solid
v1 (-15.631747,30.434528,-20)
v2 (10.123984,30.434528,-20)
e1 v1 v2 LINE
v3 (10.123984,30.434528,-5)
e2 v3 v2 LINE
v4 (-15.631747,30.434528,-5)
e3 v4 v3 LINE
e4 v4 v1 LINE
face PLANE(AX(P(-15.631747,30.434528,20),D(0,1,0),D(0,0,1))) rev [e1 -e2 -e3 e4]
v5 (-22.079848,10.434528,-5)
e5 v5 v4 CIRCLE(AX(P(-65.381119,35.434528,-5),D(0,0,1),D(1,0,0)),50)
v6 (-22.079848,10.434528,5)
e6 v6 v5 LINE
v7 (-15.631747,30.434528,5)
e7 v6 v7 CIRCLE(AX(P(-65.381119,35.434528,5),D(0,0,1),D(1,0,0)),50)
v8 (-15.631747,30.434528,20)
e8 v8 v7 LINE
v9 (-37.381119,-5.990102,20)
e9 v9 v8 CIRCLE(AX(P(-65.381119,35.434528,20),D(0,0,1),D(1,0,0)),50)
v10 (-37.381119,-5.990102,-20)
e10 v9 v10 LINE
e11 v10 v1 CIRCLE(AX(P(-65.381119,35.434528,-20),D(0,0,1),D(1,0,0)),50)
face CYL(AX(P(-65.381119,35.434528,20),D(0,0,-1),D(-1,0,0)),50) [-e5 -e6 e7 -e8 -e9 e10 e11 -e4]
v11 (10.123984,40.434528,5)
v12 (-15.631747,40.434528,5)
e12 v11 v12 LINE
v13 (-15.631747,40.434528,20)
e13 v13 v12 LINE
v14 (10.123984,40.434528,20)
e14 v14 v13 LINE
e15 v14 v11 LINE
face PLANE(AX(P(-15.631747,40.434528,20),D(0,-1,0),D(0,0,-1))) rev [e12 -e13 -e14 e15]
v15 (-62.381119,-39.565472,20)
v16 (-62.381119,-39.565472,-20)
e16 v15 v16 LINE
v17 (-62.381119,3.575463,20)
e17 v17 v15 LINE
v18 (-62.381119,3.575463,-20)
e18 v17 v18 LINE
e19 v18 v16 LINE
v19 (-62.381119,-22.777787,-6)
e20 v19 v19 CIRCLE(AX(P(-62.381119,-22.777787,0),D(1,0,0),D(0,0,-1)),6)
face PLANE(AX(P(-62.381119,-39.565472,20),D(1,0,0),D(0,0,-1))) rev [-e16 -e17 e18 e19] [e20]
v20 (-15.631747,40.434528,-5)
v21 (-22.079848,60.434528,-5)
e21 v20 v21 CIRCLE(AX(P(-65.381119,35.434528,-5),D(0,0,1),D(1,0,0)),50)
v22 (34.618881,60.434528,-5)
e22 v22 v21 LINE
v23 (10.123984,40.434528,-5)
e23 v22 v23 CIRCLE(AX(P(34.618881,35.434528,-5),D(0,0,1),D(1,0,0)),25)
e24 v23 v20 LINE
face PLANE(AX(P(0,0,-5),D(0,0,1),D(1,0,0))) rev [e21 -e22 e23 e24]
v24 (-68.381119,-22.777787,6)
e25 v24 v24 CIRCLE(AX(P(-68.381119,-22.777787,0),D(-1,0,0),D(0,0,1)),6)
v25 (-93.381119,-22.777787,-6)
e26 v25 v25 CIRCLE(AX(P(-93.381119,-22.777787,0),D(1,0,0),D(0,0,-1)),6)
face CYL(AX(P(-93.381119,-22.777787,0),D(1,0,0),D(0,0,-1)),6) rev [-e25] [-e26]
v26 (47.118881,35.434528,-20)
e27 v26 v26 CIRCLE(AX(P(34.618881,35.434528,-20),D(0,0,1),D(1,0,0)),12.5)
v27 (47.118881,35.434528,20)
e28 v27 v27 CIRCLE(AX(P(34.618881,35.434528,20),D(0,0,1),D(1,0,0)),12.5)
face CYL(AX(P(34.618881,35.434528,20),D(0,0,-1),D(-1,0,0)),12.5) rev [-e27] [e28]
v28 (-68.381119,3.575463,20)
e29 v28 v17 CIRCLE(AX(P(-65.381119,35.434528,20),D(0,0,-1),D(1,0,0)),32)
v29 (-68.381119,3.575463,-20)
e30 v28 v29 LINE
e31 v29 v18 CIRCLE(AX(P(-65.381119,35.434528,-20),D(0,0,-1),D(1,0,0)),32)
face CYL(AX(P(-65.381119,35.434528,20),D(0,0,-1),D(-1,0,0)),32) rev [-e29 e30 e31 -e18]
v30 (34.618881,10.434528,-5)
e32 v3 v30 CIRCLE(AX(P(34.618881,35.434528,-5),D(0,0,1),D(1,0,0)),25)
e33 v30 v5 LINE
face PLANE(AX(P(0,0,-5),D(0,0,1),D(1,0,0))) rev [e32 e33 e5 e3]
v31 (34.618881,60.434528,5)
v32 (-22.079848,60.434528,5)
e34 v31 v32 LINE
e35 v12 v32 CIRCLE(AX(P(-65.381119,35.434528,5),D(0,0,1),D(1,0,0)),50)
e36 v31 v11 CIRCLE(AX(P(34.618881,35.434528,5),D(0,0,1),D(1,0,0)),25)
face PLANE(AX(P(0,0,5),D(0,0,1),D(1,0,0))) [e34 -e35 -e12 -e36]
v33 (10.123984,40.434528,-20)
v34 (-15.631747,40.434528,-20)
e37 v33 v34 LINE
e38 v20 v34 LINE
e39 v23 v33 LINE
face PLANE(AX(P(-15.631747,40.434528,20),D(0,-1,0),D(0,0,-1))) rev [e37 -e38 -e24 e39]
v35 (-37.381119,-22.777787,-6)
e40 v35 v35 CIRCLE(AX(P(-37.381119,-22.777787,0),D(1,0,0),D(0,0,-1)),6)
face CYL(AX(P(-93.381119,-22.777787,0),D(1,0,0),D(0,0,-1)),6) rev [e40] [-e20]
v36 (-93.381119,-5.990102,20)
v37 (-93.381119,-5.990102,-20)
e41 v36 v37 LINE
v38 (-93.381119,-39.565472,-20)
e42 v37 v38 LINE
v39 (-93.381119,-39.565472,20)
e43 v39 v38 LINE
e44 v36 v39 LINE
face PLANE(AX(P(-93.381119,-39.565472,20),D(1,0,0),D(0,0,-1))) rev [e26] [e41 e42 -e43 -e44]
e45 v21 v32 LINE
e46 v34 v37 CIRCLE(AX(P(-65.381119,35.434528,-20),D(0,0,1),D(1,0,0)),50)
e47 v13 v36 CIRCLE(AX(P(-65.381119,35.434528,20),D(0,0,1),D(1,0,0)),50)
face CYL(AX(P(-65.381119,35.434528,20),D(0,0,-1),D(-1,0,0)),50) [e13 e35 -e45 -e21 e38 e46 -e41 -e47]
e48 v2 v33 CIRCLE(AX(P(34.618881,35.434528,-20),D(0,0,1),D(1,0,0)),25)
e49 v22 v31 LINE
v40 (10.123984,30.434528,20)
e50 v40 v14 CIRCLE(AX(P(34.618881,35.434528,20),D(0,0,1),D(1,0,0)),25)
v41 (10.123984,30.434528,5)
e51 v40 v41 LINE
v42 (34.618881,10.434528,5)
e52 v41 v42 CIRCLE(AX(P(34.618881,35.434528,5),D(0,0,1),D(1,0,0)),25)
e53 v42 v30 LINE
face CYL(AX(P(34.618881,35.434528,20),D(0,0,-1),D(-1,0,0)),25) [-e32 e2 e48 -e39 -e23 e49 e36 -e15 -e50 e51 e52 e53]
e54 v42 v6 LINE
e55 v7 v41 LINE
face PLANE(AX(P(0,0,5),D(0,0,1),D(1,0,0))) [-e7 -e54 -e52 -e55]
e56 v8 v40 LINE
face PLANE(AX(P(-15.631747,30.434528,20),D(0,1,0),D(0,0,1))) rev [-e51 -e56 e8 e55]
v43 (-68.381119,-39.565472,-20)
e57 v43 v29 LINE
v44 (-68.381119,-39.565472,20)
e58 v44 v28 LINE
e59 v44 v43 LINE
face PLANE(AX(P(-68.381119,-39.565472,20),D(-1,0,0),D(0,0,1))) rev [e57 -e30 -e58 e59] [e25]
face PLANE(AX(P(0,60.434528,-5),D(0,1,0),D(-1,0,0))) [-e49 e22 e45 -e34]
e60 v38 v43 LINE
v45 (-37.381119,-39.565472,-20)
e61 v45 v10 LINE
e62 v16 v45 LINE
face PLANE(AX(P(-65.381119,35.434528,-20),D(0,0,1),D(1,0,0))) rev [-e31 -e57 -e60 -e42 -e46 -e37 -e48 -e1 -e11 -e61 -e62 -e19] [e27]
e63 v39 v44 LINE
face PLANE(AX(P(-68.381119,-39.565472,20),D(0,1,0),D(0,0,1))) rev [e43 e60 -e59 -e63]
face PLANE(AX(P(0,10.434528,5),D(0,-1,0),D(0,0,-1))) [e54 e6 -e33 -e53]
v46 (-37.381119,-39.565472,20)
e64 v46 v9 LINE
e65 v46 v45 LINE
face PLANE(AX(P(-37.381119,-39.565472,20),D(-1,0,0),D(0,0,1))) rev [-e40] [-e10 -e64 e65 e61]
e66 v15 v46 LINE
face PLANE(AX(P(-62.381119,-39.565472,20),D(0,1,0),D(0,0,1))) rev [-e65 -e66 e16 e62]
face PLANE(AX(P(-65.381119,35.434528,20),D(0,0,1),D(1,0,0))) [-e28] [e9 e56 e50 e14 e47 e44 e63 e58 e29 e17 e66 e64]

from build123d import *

# Parameters (mm, degrees)
SKETCH1_R                = 12.5
BOSS_EXTRUDE1_DEPTH      = 20
SKETCH2_R                = 6
CUT_EXTRUDE2_DEPTH       = 56
BOSS_EXTRUDE2_DEPTH      = 5
BOSS_EXTRUDE2_DEPTH_BACK = 5


with BuildPart() as part:
    # Sketch1 → Boss-Extrude1 (new, symmetric)
    with BuildSketch(Plane.XY):
        with BuildLine():
            Line((-68.381118609, -39.565472128), (-68.381118609, 3.575463228))
            ThreePointArc((-68.381118609, 3.575463228), (-65.381118609, 67.434527872), (-62.381118609, 3.575463228))
            Line((-62.381118609, 3.575463228), (-62.381118609, -39.565472128))
            Line((-62.381118609, -39.565472128), (-37.381118609, -39.565472128))
            Line((-37.381118609, -39.565472128), (-37.381118609, -5.990102483))
            ThreePointArc((-37.381118609, -5.990102483), (-22.451762335, 9.801143977), (-15.631746753, 30.434527872))
            Line((-15.631746753, 30.434527872), (10.123983964, 30.434527872))
            ThreePointArc((10.123983964, 30.434527872), (59.618881391, 35.434527872), (10.123983964, 40.434527872))
            Line((10.123983964, 40.434527872), (-15.631746753, 40.434527872))
            ThreePointArc((-15.631746753, 40.434527872), (-91.014502504, 78.363884146), (-93.381118609, -5.990102483))
            Line((-93.381118609, -5.990102483), (-93.381118609, -39.565472128))
            Line((-93.381118609, -39.565472128), (-68.381118609, -39.565472128))
        make_face()
        with Locations((34.618881391, 35.434527872)):
            Circle(SKETCH1_R, mode=Mode.SUBTRACT)
    extrude(amount=BOSS_EXTRUDE1_DEPTH, both=True)

    # Sketch2 → Cut-Extrude2 (cut)
    with BuildSketch(Plane(origin=(-37.381118609, 0, 0), x_dir=(0, 0, -1), z_dir=(1, 0, 0))):
        with Locations((0, -22.777787305)):
            Circle(SKETCH2_R)
    extrude(amount=-CUT_EXTRUDE2_DEPTH, mode=Mode.SUBTRACT)

    # Sketch7 → Boss-Extrude2 (add, two sides: drawn at the far end of the back side and taken through both)
    with BuildSketch(Plane.XY.offset(-BOSS_EXTRUDE2_DEPTH_BACK)):
        with BuildLine():
            ThreePointArc((10.123983964, 40.434527872), (18.807493091, 54.799444603), (34.618881391, 60.434527872))
            Line((34.618881391, 60.434527872), (-22.079848419, 60.434527872))
            ThreePointArc((-22.079848419, 60.434527872), (-17.793247294, 50.777099487), (-15.631746753, 40.434527872))
            Line((-15.631746753, 40.434527872), (10.123983964, 40.434527872))
        make_face()
        with BuildLine():
            Line((-22.079848419, 10.434527872), (34.618881391, 10.434527872))
            ThreePointArc((34.618881391, 10.434527872), (18.807493091, 16.069611141), (10.123983964, 30.434527872))
            Line((10.123983964, 30.434527872), (-15.631746753, 30.434527872))
            ThreePointArc((-15.631746753, 30.434527872), (-17.793247294, 20.091956256), (-22.079848419, 10.434527872))
        make_face()
    extrude(amount=BOSS_EXTRUDE2_DEPTH + BOSS_EXTRUDE2_DEPTH_BACK)


solid = part.part
